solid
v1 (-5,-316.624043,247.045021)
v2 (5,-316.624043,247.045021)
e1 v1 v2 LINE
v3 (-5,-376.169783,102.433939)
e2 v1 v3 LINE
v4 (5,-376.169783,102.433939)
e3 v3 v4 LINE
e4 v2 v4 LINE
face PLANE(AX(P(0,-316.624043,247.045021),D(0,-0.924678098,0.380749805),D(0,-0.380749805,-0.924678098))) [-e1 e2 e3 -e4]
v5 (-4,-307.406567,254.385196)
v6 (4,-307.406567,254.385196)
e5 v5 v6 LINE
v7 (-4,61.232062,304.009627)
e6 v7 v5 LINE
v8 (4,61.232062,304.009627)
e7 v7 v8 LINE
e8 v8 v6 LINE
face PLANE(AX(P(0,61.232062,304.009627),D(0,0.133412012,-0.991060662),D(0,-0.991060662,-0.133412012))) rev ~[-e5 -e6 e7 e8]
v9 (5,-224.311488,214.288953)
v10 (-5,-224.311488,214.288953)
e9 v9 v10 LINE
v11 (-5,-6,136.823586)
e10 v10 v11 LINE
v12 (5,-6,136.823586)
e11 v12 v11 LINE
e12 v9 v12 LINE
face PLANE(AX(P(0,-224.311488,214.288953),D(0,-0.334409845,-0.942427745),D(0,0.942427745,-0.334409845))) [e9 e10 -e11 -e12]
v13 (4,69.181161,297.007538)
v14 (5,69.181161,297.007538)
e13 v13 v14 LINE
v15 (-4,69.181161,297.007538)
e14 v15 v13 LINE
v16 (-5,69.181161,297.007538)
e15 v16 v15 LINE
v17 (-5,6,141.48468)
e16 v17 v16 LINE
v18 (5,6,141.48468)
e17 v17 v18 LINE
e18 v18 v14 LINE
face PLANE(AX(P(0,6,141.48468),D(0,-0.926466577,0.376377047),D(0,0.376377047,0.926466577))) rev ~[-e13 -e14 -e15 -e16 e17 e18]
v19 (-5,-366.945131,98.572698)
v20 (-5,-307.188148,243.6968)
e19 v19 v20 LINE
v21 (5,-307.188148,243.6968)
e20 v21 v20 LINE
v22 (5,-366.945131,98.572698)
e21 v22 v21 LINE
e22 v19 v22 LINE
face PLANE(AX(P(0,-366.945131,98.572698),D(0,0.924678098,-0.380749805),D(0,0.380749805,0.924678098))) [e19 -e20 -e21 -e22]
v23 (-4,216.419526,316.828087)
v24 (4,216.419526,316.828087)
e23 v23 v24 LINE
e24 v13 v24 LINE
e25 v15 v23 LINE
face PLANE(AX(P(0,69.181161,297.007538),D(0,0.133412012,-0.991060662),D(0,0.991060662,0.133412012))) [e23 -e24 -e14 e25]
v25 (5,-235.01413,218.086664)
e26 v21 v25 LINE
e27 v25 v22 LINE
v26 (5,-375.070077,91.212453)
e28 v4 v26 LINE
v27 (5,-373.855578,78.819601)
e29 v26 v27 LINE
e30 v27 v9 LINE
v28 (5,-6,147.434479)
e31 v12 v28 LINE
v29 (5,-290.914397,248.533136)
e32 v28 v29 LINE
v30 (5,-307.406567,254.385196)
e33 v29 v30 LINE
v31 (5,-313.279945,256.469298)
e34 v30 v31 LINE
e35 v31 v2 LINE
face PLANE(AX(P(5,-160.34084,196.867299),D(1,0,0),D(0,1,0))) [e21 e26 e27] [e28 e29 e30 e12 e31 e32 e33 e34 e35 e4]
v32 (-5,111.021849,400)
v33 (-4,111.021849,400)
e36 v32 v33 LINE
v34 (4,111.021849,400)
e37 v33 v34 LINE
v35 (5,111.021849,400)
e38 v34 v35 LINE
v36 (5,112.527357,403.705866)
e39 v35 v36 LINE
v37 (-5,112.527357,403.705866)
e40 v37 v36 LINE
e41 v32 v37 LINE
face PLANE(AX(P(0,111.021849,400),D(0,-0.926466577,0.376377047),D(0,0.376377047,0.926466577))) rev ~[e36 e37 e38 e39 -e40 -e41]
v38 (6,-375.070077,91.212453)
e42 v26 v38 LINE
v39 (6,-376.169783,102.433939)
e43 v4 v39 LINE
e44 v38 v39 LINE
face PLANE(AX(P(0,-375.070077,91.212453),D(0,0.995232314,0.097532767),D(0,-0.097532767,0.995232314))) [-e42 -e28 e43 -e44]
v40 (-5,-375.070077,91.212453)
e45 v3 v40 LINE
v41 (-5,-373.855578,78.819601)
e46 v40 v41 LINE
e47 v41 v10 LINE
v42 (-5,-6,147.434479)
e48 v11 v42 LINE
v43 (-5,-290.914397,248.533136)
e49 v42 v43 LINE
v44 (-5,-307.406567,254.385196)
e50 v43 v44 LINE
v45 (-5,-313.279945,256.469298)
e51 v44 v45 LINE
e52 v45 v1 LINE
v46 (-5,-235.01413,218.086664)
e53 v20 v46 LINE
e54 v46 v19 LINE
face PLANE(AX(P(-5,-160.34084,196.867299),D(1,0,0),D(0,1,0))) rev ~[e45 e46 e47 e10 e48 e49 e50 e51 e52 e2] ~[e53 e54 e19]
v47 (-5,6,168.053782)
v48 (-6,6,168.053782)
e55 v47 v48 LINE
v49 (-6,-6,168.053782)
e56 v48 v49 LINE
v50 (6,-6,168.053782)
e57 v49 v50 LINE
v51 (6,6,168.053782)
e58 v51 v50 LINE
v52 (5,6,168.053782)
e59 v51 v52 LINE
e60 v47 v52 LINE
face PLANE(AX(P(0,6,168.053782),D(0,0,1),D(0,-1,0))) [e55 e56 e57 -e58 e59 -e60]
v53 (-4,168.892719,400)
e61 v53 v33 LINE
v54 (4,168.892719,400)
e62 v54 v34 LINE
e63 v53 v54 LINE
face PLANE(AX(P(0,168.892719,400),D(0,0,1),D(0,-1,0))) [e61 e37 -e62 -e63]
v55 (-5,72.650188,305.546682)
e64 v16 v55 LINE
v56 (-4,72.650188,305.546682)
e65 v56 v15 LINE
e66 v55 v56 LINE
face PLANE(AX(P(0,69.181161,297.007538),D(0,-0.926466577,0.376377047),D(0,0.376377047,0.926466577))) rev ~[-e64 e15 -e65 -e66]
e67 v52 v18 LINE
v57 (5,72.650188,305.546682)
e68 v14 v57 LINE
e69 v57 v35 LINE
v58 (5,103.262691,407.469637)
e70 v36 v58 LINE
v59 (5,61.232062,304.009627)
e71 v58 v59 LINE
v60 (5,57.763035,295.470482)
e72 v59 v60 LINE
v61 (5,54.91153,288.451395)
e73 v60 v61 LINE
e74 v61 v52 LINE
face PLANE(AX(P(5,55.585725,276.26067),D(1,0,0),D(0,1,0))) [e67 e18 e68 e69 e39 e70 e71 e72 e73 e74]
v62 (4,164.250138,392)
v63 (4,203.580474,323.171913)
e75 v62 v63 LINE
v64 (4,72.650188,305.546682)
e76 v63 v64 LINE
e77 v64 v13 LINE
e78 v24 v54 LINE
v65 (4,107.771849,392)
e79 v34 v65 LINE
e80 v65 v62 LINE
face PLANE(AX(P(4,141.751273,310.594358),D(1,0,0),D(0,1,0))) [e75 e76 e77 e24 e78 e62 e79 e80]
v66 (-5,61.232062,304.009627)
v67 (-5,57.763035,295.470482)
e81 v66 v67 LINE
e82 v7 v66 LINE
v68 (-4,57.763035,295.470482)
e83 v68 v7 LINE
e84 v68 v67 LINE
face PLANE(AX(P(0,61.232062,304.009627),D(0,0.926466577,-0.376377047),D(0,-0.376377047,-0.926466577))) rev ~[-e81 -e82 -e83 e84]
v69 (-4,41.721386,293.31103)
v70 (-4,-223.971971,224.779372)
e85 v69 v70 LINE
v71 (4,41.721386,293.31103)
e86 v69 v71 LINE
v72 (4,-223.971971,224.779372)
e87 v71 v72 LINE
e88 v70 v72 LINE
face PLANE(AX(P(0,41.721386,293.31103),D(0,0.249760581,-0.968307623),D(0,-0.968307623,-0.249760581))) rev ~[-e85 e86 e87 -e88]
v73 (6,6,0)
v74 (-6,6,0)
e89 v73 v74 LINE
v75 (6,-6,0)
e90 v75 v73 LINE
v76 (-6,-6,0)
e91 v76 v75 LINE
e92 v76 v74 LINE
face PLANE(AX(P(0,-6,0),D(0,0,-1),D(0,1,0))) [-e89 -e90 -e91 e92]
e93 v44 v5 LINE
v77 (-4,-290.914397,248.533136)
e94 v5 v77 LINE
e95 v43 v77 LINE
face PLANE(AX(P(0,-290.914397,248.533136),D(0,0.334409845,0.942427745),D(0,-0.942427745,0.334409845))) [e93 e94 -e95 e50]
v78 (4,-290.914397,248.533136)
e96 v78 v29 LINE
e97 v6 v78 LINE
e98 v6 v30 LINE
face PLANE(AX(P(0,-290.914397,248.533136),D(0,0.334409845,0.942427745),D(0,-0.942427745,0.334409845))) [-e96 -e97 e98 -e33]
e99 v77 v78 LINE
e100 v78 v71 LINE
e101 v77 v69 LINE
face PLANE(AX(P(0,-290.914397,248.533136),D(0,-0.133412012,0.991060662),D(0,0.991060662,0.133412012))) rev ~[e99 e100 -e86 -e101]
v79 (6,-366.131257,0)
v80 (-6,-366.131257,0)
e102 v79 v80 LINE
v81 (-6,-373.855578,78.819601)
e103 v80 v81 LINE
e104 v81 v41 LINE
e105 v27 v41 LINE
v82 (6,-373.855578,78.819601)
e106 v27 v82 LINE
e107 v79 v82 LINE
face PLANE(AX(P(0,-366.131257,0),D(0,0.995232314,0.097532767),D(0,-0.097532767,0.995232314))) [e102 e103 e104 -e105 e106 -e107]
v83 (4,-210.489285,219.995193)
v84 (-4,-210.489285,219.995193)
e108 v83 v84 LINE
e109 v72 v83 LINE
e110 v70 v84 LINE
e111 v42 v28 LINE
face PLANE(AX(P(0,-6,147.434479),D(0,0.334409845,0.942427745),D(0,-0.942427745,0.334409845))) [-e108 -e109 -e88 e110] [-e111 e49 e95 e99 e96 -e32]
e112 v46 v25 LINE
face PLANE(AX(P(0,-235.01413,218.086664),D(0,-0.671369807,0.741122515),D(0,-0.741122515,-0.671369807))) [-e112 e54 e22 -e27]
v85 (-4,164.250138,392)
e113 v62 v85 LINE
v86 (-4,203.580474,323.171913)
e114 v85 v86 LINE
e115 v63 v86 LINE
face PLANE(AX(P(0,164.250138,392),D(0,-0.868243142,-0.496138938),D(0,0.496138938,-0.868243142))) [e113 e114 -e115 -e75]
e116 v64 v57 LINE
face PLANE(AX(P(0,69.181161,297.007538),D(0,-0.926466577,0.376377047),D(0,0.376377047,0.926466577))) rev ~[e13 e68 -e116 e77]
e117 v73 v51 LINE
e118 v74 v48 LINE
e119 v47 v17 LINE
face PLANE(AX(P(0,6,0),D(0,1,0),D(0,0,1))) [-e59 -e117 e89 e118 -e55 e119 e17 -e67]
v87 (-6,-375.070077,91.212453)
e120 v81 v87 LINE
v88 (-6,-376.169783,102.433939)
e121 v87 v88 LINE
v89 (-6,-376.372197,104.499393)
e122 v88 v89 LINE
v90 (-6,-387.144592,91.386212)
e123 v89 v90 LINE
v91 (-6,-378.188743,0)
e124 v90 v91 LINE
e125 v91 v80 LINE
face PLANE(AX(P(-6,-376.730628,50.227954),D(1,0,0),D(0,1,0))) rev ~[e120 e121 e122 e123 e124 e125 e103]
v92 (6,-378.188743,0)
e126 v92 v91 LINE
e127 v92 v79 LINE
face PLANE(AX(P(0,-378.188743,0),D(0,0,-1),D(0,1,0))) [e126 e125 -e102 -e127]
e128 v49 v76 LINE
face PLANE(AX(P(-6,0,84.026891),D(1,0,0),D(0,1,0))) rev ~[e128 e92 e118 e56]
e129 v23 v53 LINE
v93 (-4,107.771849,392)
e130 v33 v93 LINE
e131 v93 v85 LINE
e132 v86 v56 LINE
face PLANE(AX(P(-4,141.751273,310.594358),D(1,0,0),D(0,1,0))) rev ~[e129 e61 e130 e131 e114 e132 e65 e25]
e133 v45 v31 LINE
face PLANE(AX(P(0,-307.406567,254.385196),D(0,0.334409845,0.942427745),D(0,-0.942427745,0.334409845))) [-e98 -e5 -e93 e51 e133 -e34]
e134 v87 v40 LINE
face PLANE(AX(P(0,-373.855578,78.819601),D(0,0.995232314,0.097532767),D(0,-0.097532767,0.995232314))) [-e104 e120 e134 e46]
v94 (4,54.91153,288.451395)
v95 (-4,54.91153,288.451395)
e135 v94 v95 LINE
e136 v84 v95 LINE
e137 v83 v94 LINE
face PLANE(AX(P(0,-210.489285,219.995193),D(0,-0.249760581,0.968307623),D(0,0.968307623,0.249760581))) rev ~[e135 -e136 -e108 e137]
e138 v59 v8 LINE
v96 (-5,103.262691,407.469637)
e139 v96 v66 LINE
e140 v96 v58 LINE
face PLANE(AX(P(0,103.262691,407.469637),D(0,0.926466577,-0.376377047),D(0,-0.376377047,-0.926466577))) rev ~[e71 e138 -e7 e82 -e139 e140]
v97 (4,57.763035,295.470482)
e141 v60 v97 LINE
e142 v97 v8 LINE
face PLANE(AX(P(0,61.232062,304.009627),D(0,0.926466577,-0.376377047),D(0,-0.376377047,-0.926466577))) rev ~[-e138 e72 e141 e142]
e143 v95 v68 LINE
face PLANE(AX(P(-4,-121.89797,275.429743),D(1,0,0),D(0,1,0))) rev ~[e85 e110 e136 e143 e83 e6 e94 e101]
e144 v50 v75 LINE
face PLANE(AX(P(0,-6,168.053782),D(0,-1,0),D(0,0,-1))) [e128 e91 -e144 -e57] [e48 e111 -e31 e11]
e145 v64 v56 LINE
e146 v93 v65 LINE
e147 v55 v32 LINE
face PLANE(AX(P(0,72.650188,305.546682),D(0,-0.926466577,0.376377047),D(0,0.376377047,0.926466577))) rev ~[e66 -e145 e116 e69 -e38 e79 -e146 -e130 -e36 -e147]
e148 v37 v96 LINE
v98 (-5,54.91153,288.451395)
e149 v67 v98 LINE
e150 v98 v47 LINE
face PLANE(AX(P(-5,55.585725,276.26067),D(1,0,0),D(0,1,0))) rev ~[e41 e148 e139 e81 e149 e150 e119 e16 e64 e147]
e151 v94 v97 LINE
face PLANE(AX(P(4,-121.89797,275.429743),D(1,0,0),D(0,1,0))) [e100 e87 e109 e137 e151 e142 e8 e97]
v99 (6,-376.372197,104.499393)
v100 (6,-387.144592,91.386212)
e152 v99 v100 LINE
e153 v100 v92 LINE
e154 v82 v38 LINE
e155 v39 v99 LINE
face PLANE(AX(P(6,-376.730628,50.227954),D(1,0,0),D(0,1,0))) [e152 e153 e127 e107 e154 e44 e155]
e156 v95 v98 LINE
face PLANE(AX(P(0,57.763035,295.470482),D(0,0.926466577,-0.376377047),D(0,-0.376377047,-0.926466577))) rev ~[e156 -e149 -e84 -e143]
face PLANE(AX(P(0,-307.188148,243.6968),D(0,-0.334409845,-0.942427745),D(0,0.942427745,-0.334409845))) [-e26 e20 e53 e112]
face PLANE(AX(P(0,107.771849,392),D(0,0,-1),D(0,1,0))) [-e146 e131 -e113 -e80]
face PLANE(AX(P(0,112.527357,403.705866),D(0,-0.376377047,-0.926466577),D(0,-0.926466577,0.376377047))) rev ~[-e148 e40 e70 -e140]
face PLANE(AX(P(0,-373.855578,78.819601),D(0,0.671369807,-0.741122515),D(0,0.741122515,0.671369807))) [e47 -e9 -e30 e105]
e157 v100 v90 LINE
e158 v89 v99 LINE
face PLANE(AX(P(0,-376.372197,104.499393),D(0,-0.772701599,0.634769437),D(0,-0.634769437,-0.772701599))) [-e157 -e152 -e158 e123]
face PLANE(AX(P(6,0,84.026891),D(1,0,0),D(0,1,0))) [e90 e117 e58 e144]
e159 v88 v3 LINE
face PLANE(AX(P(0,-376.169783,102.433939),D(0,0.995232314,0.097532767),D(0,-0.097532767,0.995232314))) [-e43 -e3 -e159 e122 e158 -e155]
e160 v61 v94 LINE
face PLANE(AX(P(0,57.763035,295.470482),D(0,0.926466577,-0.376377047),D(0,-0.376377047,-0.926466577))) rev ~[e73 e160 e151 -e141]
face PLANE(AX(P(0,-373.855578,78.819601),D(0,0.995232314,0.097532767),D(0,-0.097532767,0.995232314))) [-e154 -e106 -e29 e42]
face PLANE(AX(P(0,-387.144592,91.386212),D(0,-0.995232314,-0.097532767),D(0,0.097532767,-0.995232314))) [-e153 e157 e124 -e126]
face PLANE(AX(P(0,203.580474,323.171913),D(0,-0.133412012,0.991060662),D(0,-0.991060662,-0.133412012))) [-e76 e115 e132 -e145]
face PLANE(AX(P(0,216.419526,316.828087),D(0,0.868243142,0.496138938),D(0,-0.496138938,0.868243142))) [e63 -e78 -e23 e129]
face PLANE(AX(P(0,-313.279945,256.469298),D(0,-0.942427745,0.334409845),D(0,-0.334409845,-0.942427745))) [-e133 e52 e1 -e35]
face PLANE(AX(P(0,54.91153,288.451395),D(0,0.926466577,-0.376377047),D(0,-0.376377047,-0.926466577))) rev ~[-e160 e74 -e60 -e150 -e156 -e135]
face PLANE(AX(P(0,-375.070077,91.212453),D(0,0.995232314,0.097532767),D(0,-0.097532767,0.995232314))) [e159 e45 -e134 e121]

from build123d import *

# Parameters (mm, degrees)
F2_DEPTH = 6
F3_DEPTH = 5
F4_DEPTH = 4


with BuildPart() as f2:
    # F1 (on Right) → F2 (new body, symmetric)
    with BuildSketch(Plane.YZ):
        Polygon((6, 168.0537815686), (-6, 168.0537815686), (-6, 147.4344787753), (-6, 136.8235857408), (-6, 0), (6, 0), (6, 141.4846799699), align=None)
    extrude(amount=F2_DEPTH, both=True)



with BuildPart() as f2b:
    # F1 (on Right) → F2, piece 2 (new body, symmetric)
    with BuildSketch(Plane.YZ):
        Polygon((-366.1312568474, 0), (-373.8555777285, 78.8196008275), (-375.0700772329, 91.2124529134), (-376.1697828669, 102.433938974), (-376.3721973614, 104.499393), (-387.1445919312, 91.3862120271), (-378.1887431526, 0), align=None)
    extrude(amount=F2_DEPTH, both=True)


with BuildPart() as f2_1:
    add(f2.part)

    add(f2b.part)  # F3 merges F2b
    # F1 (on Right) → F3 (join, symmetric)
    with BuildSketch(Plane.YZ):
        Polygon((54.9115302543, 288.4513945022), (6, 168.0537815686), (6, 141.4846799699), (69.1811610546, 297.0075379505), (72.6501883928, 305.5466821674), (107.7718487622, 392), (111.0218487622, 400), (112.5273569501, 403.7058663085), (103.2626911788, 407.469636778), (61.2320620859, 304.0096267031), (57.7630347477, 295.4704824861), align=None)
        Polygon((-6, 136.8235857408), (-6, 147.4344787753), (-210.4892851655, 219.9951928663), (-223.9719705091, 224.7793715366), (-290.9143972643, 248.5331358691), (-307.4065665233, 254.3851959287), (-313.2799449629, 256.4692979557), (-316.6240434146, 247.0450205009), (-307.1881482882, 243.6967996495), (-235.0141298479, 218.086664074), (-224.3114881972, 214.2889525205), align=None)
        Polygon((-373.8555777285, 78.8196008275), (-224.3114881972, 214.2889525205), (-235.0141298479, 218.086664074), (-366.9451312979, 98.5726980545), (-375.0700772329, 91.2124529134), align=None)
        Polygon((-366.9451312979, 98.5726980545), (-307.1881482882, 243.6967996495), (-316.6240434146, 247.0450205009), (-376.1697828669, 102.433938974), (-375.0700772329, 91.2124529134), align=None)
    extrude(amount=F3_DEPTH, both=True)

    # F1 (on Right) → F4 (join, symmetric)
    with BuildSketch(Plane.YZ):
        Polygon((41.7213857169, 293.3110297319), (57.7630347477, 295.4704824861), (61.2320620859, 304.0096267031), (-307.4065665233, 254.3851959287), (-290.9143972643, 248.5331358691), align=None)
        Polygon((-210.4892851655, 219.9951928663), (54.9115302543, 288.4513945022), (57.7630347477, 295.4704824861), (41.7213857169, 293.3110297319), (-223.9719705091, 224.7793715366), align=None)
        Polygon((72.6501883928, 305.5466821674), (69.1811610546, 297.0075379505), (216.4195260905, 316.8280870899), (203.5804739095, 323.1719129101), align=None)
        Polygon((203.5804739095, 323.1719129101), (216.4195260905, 316.8280870899), (168.8927187133, 400), (164.2501384295, 392), align=None)
        Polygon((164.2501384295, 392), (168.8927187133, 400), (111.0218487622, 400), (107.7718487622, 392), align=None)
    extrude(amount=F4_DEPTH, both=True)


solid = f2_1.part
